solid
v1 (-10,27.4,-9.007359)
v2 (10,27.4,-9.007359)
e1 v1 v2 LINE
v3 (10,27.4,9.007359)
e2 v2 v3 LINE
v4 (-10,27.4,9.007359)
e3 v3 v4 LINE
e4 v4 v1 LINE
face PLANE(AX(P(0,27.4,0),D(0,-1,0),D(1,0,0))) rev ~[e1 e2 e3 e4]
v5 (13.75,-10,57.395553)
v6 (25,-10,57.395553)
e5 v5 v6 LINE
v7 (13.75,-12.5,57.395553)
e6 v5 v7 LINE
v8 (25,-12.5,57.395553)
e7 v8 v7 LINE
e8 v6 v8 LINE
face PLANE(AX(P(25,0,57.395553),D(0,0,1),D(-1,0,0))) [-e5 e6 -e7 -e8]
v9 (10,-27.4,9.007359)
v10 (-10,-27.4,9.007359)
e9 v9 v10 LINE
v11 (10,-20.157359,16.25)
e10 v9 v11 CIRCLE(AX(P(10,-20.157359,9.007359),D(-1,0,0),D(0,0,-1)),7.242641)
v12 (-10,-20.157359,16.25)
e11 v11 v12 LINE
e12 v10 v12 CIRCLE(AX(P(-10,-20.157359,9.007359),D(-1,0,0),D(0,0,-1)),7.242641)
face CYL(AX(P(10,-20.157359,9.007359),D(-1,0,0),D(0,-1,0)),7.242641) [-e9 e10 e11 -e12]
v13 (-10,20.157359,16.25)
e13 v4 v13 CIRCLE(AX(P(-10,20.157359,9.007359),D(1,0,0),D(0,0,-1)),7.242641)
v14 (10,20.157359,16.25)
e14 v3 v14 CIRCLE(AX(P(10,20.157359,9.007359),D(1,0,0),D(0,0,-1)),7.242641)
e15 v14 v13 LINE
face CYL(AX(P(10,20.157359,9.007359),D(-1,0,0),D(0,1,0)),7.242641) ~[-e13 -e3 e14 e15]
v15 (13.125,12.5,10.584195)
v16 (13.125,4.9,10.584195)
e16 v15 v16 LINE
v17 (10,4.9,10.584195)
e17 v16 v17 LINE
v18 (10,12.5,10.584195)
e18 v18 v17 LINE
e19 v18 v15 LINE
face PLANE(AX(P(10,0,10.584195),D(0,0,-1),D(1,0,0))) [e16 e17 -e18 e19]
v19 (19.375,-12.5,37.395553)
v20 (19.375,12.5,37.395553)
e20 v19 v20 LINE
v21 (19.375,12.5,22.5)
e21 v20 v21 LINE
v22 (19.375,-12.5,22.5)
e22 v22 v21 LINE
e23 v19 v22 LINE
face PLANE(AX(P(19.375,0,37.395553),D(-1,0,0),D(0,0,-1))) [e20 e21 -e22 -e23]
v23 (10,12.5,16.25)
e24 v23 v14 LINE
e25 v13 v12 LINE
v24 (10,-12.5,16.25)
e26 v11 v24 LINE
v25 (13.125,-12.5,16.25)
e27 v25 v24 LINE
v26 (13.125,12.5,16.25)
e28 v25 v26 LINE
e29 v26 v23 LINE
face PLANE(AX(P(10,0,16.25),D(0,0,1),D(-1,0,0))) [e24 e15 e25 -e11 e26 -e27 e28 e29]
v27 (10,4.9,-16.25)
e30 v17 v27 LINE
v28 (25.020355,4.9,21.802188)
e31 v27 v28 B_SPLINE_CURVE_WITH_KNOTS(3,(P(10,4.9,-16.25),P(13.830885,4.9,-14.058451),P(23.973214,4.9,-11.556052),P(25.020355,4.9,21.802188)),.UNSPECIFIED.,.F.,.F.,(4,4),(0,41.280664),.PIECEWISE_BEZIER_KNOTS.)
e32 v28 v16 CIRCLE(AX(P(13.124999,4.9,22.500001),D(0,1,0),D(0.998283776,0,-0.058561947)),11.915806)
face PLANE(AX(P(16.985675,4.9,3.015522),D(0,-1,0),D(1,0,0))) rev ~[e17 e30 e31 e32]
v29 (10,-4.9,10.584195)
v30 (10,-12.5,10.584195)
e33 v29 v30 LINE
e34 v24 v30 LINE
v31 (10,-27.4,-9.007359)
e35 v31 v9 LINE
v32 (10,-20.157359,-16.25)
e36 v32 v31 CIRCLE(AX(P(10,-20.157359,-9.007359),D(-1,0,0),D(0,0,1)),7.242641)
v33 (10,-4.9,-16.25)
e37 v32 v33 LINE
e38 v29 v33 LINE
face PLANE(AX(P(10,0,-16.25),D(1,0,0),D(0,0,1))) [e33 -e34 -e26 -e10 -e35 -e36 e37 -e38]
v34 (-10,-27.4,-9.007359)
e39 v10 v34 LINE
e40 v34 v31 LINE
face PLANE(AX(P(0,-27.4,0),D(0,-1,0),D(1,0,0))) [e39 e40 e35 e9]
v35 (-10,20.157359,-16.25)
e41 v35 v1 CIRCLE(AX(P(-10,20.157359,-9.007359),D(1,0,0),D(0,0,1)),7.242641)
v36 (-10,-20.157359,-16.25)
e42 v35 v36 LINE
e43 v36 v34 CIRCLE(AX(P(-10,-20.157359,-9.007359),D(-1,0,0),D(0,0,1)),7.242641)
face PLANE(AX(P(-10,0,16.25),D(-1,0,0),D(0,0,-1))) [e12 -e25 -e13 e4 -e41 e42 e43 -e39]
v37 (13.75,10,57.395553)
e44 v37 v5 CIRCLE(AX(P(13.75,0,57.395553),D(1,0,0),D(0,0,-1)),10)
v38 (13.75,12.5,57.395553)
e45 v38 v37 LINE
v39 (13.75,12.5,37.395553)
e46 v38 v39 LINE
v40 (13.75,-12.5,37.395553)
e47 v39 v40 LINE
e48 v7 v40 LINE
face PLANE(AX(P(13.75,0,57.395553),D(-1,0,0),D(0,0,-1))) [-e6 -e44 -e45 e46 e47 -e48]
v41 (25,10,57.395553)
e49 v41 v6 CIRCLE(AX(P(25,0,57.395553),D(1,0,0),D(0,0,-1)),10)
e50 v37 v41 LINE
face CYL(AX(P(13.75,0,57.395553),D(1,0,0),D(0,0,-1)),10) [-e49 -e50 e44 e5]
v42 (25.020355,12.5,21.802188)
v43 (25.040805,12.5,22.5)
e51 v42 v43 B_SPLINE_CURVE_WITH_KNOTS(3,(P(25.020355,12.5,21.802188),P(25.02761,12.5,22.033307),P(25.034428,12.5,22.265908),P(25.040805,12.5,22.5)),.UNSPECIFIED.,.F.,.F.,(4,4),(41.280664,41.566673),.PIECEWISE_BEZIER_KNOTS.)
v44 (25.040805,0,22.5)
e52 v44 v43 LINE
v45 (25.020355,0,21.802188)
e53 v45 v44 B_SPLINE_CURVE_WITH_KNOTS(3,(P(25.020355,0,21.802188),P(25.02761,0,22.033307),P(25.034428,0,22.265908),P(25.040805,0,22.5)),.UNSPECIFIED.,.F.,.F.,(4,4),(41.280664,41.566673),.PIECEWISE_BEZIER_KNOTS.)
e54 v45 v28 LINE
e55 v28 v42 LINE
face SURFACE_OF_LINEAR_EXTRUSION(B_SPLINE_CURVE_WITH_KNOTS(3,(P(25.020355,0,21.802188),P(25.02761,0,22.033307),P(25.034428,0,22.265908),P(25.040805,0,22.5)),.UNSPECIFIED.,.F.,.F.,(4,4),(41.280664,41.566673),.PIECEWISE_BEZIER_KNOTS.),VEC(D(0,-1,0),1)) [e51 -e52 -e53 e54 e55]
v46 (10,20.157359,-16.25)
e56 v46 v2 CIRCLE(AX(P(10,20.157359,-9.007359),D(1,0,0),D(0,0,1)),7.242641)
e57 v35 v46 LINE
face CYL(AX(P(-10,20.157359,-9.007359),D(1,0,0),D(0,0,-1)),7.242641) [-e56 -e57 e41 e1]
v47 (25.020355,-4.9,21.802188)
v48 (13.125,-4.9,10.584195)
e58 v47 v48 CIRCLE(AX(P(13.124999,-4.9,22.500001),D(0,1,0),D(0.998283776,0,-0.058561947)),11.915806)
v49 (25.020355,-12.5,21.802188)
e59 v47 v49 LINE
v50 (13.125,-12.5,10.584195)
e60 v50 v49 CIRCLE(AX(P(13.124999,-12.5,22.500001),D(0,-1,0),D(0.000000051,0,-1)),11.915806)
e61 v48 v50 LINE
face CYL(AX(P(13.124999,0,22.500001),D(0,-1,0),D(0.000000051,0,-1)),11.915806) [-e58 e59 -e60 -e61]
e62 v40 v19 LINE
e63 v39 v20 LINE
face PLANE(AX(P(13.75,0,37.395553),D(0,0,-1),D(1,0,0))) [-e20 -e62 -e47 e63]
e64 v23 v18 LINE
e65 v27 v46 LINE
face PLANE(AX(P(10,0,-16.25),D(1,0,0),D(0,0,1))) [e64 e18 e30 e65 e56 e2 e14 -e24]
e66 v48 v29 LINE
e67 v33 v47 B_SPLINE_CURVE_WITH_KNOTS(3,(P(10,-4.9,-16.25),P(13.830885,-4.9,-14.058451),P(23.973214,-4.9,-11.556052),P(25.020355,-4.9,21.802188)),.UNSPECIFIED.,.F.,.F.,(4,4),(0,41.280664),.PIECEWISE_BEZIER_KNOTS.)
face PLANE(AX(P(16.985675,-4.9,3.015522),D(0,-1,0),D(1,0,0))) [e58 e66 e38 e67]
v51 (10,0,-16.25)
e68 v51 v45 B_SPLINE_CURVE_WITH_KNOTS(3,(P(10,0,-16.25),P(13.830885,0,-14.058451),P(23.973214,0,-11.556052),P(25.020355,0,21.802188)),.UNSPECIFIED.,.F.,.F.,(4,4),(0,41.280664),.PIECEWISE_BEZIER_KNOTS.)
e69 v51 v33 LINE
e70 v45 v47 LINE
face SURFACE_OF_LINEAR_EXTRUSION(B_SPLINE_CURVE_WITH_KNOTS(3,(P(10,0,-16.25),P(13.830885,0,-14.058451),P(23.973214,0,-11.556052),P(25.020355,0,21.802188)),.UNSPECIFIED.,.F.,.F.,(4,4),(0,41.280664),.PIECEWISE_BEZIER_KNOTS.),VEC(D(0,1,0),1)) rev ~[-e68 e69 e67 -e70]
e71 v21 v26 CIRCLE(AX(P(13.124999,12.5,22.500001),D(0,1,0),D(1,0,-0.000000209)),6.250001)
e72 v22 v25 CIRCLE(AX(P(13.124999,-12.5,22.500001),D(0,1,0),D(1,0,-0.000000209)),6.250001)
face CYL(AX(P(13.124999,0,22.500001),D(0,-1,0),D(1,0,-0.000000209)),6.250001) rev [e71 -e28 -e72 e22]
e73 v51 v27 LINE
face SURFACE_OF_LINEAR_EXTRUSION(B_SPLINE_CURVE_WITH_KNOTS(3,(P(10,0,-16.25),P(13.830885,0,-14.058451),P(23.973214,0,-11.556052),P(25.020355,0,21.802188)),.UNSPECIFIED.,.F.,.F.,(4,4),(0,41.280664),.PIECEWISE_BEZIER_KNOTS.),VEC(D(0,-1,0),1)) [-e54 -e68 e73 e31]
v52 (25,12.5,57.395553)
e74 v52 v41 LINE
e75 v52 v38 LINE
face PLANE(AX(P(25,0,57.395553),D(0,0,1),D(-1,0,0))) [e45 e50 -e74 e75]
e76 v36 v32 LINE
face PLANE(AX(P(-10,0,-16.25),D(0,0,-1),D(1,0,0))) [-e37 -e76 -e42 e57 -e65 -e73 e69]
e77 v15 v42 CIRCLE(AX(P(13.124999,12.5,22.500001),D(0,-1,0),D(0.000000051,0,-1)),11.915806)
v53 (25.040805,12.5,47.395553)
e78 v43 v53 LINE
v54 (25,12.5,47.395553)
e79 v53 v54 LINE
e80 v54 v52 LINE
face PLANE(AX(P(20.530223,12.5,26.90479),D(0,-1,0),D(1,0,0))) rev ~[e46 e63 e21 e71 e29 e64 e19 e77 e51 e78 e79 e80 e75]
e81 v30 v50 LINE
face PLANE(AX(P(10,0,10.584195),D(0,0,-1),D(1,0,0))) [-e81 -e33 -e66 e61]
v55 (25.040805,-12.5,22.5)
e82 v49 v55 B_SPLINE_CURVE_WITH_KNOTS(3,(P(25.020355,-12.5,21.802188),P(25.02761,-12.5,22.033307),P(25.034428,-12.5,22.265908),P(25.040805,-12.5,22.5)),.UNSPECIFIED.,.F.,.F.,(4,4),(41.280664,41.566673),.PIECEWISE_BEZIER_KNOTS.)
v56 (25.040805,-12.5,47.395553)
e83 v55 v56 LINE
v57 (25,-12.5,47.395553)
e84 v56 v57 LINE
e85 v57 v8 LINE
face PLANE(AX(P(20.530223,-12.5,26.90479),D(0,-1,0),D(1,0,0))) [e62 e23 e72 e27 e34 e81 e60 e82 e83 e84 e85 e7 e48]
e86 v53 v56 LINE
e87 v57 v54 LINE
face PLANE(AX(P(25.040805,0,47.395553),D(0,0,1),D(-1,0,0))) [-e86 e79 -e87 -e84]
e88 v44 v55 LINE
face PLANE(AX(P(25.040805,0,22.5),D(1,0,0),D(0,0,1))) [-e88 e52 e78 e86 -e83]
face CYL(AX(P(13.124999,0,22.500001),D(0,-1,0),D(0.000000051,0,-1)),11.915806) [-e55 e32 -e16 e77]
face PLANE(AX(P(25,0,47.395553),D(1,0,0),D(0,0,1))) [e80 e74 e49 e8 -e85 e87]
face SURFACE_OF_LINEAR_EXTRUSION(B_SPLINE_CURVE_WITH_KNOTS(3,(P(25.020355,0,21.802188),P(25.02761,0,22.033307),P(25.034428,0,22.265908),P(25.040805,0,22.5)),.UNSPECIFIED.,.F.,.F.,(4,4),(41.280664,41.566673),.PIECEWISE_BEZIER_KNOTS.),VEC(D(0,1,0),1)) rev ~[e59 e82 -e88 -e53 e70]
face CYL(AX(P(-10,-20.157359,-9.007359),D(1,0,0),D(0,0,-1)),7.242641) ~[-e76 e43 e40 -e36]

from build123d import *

# Parameters (mm, degrees)
F1_DEPTH = 27.4
F0_W     = 5.625
F0_H     = 10
F2_DEPTH = 12.5
F3_DEPTH = 4.9
F5_R     = 7.242641


with BuildPart() as f1:
    # F0 (on Front) → F1 (new body, symmetric)
    with BuildSketch(Plane.XZ):
        Polygon((10, 16.25), (-10, 16.25), (-10, -16.25), (10, -16.25), (10, 10.584195), align=None)
    extrude(amount=F1_DEPTH, both=True)

    # F0 (on Front) → F2 (join, symmetric)
    with BuildSketch(Plane.XZ):
        with BuildLine():
            Line((13.125, 16.25), (10, 16.25))
            Line((10, 16.25), (10, 10.584195))
            Line((10, 10.584195), (13.125, 10.584195))
            ThreePointArc((13.125, 10.584195), (21.300311, 13.83105), (25.020355, 21.802188))
            add(Edge.make_bspline(
                [(25.020355, 21.802188), (25.02761, 22.033307), (25.034428, 22.265908), (25.040805, 22.5)],
                knots=[41.280664, 41.280664, 41.280664, 41.280664, 41.566673, 41.566673, 41.566673, 41.566673], degree=3))
            Line((25.040805, 22.5), (25.040805, 47.395553))
            Line((25.040805, 47.395553), (25, 47.395553))
            Line((25, 47.395553), (25, 37.395553))
            Line((25, 37.395553), (19.375, 37.395553))
            Line((19.375, 37.395553), (19.375, 22.5))
            ThreePointArc((19.375, 22.5), (17.544417, 18.080583), (13.125, 16.25))
        make_face()
        Polygon((13.75, 47.395553), (19.375, 47.395553), (25, 47.395553), (25, 57.395553), (13.75, 57.395553), align=None)
        with Locations((16.5625, 42.395553)):
            Rectangle(F0_W, F0_H)
        with Locations((22.1875, 42.395553)):
            Rectangle(F0_W, F0_H)
    extrude(amount=F2_DEPTH, both=True)

    # F0 (on Front) → F3 (join, symmetric)
    with BuildSketch(Plane.XZ):
        with BuildLine():
            Line((13.125, 10.584195), (10, 10.584195))
            Line((10, 10.584195), (10, -16.25))
            add(Edge.make_bspline(
                [(10, -16.25), (13.830885, -14.058451), (23.973214, -11.556052), (25.020355, 21.802188)],
                knots=[0, 0, 0, 0, 41.280664, 41.280664, 41.280664, 41.280664], degree=3))
            ThreePointArc((25.020355, 21.802188), (21.300311, 13.83105), (13.125, 10.584195))
        make_face()
    extrude(amount=F3_DEPTH, both=True)

    # F0 (on Front) → F4 (revolve)
    with BuildSketch(Plane.XZ):
        Polygon((13.75, 47.395553), (19.375, 47.395553), (25, 47.395553), (25, 57.395553), (13.75, 57.395553), align=None)
    revolve(axis=Axis((19.375, 0, 57.395553), (1, 0, 0)))

    # F5
    f5_edges = [f1.edges().sort_by_distance(p)[0] for p in [
        (0, 27.4, 16.25),
        (0, 27.4, -16.25),
        (0, -27.4, 16.25),
        (0, -27.4, -16.25),
    ]]
    fillet(f5_edges, radius=F5_R)


solid = f1.part
